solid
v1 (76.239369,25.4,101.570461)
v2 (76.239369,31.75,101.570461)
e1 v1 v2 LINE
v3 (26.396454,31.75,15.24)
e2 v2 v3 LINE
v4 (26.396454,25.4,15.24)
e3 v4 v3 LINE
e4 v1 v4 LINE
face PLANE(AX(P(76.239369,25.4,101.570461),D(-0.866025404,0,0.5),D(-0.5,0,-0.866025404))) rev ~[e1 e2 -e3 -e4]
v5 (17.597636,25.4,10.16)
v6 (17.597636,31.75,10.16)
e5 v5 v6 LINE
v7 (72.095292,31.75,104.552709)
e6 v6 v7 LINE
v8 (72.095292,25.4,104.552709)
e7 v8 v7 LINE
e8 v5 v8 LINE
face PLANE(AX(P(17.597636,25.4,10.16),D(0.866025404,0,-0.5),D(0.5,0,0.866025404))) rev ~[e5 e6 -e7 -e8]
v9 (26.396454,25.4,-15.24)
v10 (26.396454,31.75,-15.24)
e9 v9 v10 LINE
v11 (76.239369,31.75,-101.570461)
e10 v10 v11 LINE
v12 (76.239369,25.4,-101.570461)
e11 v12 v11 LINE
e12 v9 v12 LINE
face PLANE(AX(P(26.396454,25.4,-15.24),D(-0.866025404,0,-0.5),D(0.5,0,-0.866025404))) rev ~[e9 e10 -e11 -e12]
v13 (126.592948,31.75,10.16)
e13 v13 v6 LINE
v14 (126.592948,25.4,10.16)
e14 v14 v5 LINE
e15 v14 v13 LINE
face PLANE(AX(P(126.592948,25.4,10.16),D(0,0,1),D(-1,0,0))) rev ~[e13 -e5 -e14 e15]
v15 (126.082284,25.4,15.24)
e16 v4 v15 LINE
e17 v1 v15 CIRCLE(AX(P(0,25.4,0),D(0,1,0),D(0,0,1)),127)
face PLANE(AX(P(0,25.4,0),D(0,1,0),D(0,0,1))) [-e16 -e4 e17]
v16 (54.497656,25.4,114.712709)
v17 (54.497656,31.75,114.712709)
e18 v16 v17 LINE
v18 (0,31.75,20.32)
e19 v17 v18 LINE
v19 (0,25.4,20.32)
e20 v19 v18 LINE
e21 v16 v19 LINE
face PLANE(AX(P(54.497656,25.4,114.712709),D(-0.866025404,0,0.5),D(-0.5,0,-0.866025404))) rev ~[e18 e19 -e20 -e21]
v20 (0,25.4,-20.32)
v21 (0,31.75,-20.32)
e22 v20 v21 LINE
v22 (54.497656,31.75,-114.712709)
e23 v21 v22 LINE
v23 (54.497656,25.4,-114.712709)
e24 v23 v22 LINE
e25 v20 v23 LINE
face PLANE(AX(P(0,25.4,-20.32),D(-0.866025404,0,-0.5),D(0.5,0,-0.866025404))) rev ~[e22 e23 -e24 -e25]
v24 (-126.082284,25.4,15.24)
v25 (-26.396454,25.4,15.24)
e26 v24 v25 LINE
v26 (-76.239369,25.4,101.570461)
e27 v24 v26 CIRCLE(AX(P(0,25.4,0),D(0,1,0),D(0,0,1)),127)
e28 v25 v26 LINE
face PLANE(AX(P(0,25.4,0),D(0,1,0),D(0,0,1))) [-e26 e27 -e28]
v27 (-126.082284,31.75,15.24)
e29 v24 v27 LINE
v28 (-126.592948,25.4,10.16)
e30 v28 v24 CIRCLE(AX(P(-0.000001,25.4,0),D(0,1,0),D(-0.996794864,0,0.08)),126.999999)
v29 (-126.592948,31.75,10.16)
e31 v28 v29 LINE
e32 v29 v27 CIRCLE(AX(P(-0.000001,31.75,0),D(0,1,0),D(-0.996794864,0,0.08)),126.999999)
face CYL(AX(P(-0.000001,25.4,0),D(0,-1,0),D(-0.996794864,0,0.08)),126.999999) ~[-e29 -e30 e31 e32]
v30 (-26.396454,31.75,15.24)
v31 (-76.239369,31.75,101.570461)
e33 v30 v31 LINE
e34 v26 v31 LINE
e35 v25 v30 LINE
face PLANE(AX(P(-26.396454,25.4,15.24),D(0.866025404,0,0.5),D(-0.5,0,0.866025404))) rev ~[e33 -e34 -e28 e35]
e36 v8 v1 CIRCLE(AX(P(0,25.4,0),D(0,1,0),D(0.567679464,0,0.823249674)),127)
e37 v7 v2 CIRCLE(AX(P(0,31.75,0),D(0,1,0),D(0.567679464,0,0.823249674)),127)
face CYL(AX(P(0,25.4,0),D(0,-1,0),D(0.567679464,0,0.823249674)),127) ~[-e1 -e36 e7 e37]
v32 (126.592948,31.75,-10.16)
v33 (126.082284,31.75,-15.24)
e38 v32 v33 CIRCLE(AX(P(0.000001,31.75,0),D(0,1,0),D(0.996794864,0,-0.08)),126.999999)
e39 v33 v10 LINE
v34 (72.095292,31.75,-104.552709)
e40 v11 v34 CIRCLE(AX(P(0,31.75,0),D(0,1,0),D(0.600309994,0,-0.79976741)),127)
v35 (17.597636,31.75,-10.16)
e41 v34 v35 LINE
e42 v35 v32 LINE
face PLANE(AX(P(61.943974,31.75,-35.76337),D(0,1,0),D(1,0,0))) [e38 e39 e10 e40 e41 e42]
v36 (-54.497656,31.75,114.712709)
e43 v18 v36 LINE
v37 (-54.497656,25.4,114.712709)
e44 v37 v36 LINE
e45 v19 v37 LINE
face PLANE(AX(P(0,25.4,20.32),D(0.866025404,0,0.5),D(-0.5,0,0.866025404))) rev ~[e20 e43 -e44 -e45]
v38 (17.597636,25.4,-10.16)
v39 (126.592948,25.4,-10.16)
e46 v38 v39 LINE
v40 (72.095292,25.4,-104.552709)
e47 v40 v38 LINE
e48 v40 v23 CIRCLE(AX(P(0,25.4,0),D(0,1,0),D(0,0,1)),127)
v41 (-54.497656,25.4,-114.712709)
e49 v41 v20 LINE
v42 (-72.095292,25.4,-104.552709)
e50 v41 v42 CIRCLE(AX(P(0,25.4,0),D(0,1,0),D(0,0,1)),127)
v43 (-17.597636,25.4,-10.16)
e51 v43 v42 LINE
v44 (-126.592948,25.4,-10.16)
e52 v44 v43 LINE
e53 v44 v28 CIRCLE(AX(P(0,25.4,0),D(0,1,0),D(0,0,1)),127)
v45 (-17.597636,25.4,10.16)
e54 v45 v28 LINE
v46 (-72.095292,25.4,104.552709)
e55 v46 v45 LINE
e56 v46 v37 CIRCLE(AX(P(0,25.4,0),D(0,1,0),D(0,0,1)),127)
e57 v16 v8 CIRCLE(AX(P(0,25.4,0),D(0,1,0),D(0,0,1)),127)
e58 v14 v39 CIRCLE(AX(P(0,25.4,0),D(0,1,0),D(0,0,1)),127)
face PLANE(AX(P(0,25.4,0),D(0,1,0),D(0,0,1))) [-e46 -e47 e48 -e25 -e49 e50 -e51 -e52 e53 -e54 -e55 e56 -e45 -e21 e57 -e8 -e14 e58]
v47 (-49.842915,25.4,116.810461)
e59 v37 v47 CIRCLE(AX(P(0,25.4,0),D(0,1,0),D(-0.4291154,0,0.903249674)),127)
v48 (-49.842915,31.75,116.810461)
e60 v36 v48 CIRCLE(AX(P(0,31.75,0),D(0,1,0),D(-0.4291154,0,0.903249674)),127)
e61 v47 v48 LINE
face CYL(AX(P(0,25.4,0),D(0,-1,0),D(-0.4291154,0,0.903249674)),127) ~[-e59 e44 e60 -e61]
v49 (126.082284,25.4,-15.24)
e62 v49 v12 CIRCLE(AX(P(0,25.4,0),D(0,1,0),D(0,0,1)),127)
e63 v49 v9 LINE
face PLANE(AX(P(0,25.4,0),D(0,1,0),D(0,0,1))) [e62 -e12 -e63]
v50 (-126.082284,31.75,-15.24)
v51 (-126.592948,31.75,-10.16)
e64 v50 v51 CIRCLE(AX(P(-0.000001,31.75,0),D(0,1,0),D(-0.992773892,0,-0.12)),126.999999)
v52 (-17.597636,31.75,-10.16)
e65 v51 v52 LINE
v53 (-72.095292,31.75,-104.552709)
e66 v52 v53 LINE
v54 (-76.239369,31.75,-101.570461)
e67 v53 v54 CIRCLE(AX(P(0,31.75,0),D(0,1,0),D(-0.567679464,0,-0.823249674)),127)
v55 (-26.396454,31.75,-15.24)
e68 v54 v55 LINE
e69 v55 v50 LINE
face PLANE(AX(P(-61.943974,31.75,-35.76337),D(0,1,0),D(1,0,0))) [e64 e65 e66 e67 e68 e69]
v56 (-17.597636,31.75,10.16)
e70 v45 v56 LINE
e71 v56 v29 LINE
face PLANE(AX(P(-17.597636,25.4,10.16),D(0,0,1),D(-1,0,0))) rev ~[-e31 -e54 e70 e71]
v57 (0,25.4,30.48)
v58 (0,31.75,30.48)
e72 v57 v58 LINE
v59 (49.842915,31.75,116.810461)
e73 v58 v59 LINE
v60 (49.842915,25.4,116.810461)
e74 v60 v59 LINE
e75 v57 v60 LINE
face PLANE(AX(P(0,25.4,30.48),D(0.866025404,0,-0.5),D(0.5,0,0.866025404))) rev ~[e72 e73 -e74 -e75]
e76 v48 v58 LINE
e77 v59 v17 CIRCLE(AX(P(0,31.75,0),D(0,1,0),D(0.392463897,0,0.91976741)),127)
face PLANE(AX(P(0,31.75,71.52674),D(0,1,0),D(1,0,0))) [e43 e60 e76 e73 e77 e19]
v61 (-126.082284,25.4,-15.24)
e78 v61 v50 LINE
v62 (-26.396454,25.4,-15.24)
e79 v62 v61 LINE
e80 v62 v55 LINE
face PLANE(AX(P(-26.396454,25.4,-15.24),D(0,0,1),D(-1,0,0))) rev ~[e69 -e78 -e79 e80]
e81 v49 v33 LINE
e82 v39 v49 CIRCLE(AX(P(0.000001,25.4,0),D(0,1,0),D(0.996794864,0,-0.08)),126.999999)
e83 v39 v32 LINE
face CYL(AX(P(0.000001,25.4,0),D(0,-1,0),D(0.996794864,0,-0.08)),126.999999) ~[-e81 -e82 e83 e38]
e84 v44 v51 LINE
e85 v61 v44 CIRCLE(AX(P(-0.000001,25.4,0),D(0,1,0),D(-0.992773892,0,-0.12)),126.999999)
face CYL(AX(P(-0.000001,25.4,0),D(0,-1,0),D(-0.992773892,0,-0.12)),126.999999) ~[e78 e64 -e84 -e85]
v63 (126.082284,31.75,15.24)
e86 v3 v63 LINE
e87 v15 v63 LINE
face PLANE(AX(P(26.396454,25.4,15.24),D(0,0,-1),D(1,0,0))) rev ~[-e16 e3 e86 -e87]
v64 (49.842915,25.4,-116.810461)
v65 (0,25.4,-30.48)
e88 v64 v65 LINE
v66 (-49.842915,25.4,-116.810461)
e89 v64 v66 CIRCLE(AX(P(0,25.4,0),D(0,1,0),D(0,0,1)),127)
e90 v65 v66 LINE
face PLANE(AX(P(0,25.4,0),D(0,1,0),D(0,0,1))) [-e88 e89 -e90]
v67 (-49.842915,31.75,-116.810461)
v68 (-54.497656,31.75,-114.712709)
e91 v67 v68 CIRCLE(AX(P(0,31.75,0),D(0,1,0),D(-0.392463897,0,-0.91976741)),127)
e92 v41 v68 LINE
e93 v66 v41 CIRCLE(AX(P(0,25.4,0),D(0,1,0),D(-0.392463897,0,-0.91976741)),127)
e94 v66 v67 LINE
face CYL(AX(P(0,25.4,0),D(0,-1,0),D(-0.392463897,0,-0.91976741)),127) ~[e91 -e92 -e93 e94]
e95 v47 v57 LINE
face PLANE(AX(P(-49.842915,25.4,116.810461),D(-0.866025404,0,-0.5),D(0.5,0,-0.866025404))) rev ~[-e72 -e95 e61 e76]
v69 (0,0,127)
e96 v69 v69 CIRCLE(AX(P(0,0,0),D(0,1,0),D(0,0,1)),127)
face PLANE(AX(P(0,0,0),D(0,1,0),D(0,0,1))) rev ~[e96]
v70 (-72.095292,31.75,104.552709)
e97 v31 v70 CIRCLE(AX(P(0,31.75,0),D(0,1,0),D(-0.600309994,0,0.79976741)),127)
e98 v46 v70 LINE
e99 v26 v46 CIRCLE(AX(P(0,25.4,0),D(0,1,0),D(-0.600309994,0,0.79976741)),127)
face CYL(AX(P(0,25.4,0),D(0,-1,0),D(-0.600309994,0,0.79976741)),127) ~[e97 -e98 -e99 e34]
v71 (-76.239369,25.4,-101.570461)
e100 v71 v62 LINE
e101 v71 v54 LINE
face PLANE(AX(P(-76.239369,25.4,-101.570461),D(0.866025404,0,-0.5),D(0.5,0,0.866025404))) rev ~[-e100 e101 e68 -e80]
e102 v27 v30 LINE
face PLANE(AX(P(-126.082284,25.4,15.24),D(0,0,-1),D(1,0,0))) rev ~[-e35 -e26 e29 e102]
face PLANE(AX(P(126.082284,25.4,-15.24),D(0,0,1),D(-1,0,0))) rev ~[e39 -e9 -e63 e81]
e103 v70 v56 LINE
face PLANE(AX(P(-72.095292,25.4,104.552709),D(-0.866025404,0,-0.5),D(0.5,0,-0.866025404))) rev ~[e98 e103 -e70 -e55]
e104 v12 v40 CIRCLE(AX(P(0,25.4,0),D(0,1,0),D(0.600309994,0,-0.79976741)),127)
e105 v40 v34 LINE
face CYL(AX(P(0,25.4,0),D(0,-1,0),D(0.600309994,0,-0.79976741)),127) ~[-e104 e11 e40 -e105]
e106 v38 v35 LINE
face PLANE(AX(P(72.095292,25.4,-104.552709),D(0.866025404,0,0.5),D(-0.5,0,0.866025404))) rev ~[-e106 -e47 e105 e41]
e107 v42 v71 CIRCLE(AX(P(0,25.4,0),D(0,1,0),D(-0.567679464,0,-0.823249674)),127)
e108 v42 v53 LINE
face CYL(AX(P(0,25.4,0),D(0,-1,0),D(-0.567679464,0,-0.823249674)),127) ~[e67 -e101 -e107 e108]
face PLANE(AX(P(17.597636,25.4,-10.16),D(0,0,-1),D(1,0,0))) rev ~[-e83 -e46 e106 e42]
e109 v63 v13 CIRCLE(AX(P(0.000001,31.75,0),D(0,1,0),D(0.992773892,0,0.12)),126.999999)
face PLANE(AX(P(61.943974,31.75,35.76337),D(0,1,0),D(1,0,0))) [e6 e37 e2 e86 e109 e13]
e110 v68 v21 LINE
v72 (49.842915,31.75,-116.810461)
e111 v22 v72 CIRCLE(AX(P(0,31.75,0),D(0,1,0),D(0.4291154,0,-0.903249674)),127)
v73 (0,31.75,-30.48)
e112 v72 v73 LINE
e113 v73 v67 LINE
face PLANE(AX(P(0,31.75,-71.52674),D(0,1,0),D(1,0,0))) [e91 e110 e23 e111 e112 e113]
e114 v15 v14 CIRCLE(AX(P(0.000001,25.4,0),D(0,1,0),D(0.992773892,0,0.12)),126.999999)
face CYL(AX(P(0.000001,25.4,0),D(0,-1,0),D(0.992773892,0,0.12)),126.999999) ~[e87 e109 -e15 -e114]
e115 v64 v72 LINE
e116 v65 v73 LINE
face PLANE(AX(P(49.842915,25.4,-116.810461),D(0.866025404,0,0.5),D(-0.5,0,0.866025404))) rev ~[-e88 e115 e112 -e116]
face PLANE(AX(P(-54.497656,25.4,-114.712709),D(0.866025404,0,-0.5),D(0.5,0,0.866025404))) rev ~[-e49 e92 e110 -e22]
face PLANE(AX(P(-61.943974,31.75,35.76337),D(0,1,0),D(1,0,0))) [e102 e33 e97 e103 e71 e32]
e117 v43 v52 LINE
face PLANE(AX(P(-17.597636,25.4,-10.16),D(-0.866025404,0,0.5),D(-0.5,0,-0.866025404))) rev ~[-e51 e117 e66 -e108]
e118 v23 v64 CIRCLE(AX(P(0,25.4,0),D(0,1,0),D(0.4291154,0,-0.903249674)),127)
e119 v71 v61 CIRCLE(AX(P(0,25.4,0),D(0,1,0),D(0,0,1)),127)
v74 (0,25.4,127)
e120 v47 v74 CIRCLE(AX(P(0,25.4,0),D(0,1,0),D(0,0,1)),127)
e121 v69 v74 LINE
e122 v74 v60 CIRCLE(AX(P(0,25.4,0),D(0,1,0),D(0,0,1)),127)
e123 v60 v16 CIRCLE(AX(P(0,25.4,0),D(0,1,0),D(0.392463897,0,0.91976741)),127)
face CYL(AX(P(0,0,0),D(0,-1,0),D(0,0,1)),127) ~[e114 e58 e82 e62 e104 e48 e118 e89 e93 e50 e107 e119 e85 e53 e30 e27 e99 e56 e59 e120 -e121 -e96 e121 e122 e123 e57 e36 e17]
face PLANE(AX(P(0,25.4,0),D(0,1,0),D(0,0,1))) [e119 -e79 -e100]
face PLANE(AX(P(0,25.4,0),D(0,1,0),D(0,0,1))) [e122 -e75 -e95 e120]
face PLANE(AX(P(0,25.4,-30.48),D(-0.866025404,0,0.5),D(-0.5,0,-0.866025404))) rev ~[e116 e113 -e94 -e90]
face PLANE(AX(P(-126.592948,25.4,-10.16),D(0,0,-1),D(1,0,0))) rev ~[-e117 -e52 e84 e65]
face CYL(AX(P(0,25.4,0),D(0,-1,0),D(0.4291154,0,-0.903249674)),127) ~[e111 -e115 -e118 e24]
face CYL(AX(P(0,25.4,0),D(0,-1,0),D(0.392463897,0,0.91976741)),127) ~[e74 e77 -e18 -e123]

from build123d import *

# Parameters (mm, degrees)
SKETCH1_R           = 127
BOSS_EXTRUDE1_DEPTH = 25.4
BOSS_EXTRUDE2_DEPTH = 6.35


with BuildPart() as part:
    # Sketch1 → Boss-Extrude1 (new body)
    with BuildSketch(Plane(origin=(0, 0, 0), x_dir=(1, 0, 0), z_dir=(0, 1, 0))):
        with Locations(Location((0, 0, 0), (0, 0, 270))):
            Circle(SKETCH1_R)
    extrude(amount=BOSS_EXTRUDE1_DEPTH)

    # Sketch2 → Boss-Extrude2 (add)
    with BuildSketch(Plane(origin=(0, 25.4, 0), x_dir=(1, 0, 0), z_dir=(0, 1, 0))):
        with BuildLine():
            Line((-126.592947671, 10.16), (-17.597636205, 10.16))
            Line((-17.597636205, 10.16), (-72.095291938, 104.552708623))
            ThreePointArc((-72.095291938, 104.552708623), (-74.182318509, 103.082411791), (-76.239369275, 101.570461122))
            Line((-76.239369275, 101.570461122), (-26.396454307, 15.24))
            Line((-26.396454307, 15.24), (-126.082284243, 15.24))
            ThreePointArc((-126.082284243, 15.24), (-126.363146549, 12.702566445), (-126.592947671, 10.16))
        make_face()
        with BuildLine():
            Line((-126.082284243, -15.24), (-26.396454307, -15.24))
            Line((-26.396454307, -15.24), (-76.239369275, -101.570461122))
            ThreePointArc((-76.239369275, -101.570461122), (-74.182318509, -103.082411791), (-72.095291938, -104.552708623))
            Line((-72.095291938, -104.552708623), (-17.597636205, -10.16))
            Line((-17.597636205, -10.16), (-126.592947671, -10.16))
            ThreePointArc((-126.592947671, -10.16), (-126.363146549, -12.702566445), (-126.082284243, -15.24))
        make_face()
        with BuildLine():
            Line((54.497655733, -114.712708623), (0, -20.32))
            Line((0, -20.32), (-54.497655733, -114.712708623))
            ThreePointArc((-54.497655733, -114.712708623), (-52.18082804, -115.784978236), (-49.842914968, -116.810461122))
            Line((-49.842914968, -116.810461122), (0, -30.48))
            Line((0, -30.48), (49.842914968, -116.810461122))
            ThreePointArc((49.842914968, -116.810461122), (52.18082804, -115.784978236), (54.497655733, -114.712708623))
        make_face()
        with BuildLine():
            Line((76.239369275, -101.570461122), (26.396454307, -15.24))
            Line((26.396454307, -15.24), (126.082284243, -15.24))
            ThreePointArc((126.082284243, -15.24), (126.363146549, -12.702566445), (126.592947671, -10.16))
            Line((126.592947671, -10.16), (17.597636205, -10.16))
            Line((17.597636205, -10.16), (72.095291938, -104.552708623))
            ThreePointArc((72.095291938, -104.552708623), (74.182318509, -103.082411791), (76.239369275, -101.570461122))
        make_face()
        with BuildLine():
            Line((72.095291938, 104.552708623), (17.597636205, 10.16))
            Line((17.597636205, 10.16), (126.592947671, 10.16))
            ThreePointArc((126.592947671, 10.16), (126.363146549, 12.702566445), (126.082284243, 15.24))
            Line((126.082284243, 15.24), (26.396454307, 15.24))
            Line((26.396454307, 15.24), (76.239369275, 101.570461122))
            ThreePointArc((76.239369275, 101.570461122), (74.182318509, 103.082411791), (72.095291938, 104.552708623))
        make_face()
        with BuildLine():
            Line((49.842914968, 116.810461122), (0, 30.48))
            Line((0, 30.48), (-49.842914968, 116.810461122))
            ThreePointArc((-49.842914968, 116.810461122), (-52.18082804, 115.784978236), (-54.497655733, 114.712708623))
            Line((-54.497655733, 114.712708623), (0, 20.32))
            Line((0, 20.32), (54.497655733, 114.712708623))
            ThreePointArc((54.497655733, 114.712708623), (52.18082804, 115.784978236), (49.842914968, 116.810461122))
        make_face()
    extrude(amount=BOSS_EXTRUDE2_DEPTH)


solid = part.part
